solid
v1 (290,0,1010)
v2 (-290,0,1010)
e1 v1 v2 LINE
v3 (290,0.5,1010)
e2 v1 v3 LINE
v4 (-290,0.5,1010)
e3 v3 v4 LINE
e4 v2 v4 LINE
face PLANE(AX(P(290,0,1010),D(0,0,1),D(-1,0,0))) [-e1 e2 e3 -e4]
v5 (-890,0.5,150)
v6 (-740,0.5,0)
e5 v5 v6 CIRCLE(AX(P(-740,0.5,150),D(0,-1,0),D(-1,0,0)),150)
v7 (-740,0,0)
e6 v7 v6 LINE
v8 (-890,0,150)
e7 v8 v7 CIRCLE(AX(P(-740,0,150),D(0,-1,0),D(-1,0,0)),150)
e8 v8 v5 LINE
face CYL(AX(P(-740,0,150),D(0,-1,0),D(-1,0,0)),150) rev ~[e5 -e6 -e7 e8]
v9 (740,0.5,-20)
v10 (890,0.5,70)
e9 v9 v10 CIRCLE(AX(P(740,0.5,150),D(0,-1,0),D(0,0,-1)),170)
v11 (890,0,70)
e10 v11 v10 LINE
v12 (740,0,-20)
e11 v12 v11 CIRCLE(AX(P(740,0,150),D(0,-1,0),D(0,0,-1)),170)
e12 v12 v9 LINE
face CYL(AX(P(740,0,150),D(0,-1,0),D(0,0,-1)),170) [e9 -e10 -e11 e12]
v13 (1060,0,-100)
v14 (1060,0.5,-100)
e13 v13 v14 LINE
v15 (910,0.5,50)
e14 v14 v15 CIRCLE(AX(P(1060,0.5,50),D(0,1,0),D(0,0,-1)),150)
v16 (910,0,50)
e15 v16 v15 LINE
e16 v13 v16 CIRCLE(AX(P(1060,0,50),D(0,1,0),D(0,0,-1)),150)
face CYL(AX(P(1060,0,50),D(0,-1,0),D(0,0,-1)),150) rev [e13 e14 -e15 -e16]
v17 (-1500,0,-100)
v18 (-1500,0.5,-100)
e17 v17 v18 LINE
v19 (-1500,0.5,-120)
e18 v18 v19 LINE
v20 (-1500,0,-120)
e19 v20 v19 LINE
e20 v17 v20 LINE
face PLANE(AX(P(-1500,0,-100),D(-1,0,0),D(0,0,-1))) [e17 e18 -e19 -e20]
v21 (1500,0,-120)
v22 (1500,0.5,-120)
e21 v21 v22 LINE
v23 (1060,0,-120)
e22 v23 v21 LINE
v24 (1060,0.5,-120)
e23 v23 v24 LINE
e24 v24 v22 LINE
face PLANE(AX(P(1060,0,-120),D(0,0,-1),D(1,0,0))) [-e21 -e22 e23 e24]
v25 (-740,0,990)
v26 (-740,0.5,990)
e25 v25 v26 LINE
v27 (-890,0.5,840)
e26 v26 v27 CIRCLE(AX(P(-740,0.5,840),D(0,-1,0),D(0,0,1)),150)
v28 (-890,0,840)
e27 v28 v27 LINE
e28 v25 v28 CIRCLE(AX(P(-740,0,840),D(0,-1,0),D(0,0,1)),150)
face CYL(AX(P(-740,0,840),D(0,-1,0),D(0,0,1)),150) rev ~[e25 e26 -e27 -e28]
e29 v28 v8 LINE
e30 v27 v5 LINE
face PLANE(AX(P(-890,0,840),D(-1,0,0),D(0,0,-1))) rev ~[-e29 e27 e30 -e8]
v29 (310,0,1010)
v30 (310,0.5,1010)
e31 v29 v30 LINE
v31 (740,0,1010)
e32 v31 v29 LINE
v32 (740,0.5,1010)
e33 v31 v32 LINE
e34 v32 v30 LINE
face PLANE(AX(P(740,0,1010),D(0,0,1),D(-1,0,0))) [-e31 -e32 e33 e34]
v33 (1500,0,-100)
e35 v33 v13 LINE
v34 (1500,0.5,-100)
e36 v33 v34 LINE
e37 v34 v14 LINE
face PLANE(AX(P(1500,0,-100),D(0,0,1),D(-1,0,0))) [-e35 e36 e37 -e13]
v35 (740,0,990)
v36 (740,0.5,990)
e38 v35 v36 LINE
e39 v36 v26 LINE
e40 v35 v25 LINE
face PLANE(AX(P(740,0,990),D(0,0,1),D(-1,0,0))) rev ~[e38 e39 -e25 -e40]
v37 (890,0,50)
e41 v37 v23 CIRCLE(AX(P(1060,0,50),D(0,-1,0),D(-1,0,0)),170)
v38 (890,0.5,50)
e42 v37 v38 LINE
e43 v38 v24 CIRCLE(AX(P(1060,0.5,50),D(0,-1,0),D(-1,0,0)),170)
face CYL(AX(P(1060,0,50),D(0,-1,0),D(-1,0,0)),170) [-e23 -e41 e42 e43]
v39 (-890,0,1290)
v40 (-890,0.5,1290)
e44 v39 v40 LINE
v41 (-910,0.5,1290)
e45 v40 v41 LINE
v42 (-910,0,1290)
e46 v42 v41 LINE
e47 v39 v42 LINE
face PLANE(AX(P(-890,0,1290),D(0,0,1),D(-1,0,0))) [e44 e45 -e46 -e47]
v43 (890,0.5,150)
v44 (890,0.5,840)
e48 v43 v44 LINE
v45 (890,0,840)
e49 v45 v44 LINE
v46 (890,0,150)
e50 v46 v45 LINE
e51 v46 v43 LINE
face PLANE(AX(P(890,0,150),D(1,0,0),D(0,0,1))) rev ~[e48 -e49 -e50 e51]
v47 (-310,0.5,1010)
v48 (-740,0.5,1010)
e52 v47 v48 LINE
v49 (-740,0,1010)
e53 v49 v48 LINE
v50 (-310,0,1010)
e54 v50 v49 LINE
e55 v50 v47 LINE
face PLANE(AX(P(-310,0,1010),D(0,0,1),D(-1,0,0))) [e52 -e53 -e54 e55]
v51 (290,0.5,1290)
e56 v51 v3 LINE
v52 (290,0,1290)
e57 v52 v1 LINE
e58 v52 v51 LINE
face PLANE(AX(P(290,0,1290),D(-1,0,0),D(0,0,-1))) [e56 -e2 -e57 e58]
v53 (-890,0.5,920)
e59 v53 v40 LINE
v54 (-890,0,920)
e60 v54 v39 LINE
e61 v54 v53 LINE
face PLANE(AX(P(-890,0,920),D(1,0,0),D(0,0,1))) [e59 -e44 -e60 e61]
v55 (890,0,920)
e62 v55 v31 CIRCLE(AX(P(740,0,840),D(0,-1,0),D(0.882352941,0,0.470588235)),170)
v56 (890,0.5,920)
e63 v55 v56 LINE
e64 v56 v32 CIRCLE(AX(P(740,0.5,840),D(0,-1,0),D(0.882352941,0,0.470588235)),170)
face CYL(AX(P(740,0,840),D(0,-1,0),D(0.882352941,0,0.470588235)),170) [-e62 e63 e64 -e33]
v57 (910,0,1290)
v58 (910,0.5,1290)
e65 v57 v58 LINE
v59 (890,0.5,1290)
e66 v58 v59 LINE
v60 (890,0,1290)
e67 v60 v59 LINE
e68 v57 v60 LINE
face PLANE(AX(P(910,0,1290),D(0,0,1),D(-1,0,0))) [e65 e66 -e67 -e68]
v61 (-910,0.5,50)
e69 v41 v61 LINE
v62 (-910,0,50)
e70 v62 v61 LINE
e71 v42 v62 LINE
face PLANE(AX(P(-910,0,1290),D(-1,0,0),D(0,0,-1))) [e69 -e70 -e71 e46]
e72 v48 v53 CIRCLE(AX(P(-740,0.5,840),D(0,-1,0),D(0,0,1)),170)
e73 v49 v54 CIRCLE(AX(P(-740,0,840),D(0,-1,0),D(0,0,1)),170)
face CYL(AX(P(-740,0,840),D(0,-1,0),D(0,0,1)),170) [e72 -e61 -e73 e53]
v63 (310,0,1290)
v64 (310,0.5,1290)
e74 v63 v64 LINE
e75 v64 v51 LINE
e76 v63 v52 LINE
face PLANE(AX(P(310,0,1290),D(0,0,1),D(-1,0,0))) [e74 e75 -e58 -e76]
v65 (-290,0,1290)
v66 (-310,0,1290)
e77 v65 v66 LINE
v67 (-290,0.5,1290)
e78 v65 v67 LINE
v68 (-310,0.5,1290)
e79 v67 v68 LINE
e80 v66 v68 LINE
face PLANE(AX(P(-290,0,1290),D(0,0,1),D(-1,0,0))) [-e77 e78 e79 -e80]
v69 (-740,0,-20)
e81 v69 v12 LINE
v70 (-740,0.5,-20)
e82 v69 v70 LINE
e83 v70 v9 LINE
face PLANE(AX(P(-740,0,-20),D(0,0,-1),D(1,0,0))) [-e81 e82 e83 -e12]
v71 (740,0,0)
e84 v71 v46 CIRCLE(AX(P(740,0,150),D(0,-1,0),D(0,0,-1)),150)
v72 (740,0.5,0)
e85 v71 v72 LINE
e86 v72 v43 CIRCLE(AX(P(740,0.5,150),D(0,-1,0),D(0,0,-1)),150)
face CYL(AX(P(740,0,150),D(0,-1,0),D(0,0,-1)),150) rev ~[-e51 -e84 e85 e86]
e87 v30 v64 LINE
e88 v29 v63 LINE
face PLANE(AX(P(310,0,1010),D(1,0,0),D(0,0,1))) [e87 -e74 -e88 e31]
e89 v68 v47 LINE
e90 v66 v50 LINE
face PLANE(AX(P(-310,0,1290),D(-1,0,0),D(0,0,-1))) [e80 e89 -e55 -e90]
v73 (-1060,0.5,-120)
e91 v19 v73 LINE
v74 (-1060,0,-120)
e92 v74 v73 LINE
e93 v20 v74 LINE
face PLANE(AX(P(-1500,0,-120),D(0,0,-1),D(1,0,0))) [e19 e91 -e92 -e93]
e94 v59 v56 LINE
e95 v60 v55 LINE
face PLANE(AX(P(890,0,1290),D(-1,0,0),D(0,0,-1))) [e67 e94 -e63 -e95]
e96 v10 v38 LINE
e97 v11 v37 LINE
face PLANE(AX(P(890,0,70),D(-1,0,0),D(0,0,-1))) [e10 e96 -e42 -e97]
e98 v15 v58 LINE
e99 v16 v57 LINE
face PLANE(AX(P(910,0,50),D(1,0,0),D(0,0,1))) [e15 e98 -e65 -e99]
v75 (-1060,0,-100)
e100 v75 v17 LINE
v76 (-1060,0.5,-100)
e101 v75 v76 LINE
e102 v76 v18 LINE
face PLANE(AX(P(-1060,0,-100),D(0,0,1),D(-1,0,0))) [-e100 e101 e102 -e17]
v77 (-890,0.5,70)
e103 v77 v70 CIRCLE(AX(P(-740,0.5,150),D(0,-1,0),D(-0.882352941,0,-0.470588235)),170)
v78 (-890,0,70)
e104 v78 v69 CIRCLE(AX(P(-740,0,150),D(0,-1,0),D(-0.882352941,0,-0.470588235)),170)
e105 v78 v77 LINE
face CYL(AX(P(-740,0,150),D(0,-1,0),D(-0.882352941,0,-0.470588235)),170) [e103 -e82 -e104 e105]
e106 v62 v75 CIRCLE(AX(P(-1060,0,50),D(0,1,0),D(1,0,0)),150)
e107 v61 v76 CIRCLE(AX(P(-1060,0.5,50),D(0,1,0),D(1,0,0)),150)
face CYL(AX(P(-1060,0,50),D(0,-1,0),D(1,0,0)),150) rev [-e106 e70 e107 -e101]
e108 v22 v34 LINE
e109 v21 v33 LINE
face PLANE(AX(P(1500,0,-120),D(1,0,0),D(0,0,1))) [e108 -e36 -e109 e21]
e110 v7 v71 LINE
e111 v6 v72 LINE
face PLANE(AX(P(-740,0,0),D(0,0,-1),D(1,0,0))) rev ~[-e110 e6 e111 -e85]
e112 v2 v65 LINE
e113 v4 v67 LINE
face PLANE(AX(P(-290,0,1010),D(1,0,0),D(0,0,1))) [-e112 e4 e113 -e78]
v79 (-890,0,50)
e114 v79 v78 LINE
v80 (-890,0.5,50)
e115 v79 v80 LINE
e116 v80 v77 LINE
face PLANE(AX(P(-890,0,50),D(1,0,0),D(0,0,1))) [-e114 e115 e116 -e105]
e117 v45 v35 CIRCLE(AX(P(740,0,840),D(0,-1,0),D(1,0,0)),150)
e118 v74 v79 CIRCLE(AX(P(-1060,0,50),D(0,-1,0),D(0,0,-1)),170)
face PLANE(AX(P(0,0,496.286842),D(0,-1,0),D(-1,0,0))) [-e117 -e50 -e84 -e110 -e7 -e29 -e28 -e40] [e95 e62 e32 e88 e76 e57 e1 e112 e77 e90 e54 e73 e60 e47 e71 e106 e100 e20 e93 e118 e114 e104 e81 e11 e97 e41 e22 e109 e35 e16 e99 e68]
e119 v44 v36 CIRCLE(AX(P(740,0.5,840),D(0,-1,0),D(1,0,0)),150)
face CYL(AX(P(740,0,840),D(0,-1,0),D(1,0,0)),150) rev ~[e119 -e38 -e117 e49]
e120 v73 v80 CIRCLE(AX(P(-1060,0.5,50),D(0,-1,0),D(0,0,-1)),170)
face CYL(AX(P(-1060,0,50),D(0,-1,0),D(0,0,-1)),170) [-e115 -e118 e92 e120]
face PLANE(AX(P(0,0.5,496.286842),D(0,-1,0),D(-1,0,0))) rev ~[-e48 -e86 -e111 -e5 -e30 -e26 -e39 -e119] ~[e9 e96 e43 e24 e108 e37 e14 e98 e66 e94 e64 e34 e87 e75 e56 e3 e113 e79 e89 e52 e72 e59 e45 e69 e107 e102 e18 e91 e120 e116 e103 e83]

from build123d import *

# Parameters (mm, degrees)
EXTRUSION1_DEPTH = 0.5


with BuildPart() as part:
    # Esquisse1 → Extrusion1 (new body)
    with BuildSketch(Plane(origin=(0, 0, 0), x_dir=(1, 0, 0), z_dir=(0, 1, 0))):
        with BuildLine():
            Line((-740, 20), (740, 20))
            ThreePointArc((740, 20), (827.464278423, -4.226202629), (890, -70))
            Line((890, -70), (890, -50))
            ThreePointArc((890, -50), (939.791847198, 70.208152802), (1060, 120))
            Line((1060, 120), (1500, 120))
            Line((1500, 120), (1500, 100))
            Line((1500, 100), (1060, 100))
            ThreePointArc((1060, 100), (953.933982822, 56.066017178), (910, -50))
            Line((910, -50), (910, -1290))
            Line((910, -1290), (890, -1290))
            Line((890, -1290), (890, -920))
            ThreePointArc((890, -920), (827.464278423, -985.773797371), (740, -1010))
            Line((740, -1010), (310, -1010))
            Line((310, -1010), (310, -1290))
            Line((310, -1290), (290, -1290))
            Line((290, -1290), (290, -1010))
            Line((290, -1010), (-290, -1010))
            Line((-290, -1010), (-290, -1290))
            Line((-290, -1290), (-310, -1290))
            Line((-310, -1290), (-310, -1010))
            Line((-310, -1010), (-740, -1010))
            ThreePointArc((-740, -1010), (-827.464278423, -985.773797371), (-890, -920))
            Line((-890, -920), (-890, -1290))
            Line((-890, -1290), (-910, -1290))
            Line((-910, -1290), (-910, -50))
            ThreePointArc((-910, -50), (-953.933982822, 56.066017178), (-1060, 100))
            Line((-1060, 100), (-1500, 100))
            Line((-1500, 100), (-1500, 120))
            Line((-1500, 120), (-1060, 120))
            ThreePointArc((-1060, 120), (-939.791847198, 70.208152802), (-890, -50))
            Line((-890, -50), (-890, -70))
            ThreePointArc((-890, -70), (-827.464278423, -4.226202629), (-740, 20))
        make_face()
        with BuildLine():
            Line((-740, 0), (740, 0))
            ThreePointArc((740, 0), (846.066017178, -43.933982822), (890, -150))
            Line((890, -150), (890, -840))
            ThreePointArc((890, -840), (846.066017178, -946.066017178), (740, -990))
            Line((740, -990), (-740, -990))
            ThreePointArc((-740, -990), (-846.066017178, -946.066017178), (-890, -840))
            Line((-890, -840), (-890, -150))
            ThreePointArc((-890, -150), (-846.066017178, -43.933982822), (-740, 0))
        make_face(mode=Mode.SUBTRACT)
    extrude(amount=EXTRUSION1_DEPTH)


solid = part.part
